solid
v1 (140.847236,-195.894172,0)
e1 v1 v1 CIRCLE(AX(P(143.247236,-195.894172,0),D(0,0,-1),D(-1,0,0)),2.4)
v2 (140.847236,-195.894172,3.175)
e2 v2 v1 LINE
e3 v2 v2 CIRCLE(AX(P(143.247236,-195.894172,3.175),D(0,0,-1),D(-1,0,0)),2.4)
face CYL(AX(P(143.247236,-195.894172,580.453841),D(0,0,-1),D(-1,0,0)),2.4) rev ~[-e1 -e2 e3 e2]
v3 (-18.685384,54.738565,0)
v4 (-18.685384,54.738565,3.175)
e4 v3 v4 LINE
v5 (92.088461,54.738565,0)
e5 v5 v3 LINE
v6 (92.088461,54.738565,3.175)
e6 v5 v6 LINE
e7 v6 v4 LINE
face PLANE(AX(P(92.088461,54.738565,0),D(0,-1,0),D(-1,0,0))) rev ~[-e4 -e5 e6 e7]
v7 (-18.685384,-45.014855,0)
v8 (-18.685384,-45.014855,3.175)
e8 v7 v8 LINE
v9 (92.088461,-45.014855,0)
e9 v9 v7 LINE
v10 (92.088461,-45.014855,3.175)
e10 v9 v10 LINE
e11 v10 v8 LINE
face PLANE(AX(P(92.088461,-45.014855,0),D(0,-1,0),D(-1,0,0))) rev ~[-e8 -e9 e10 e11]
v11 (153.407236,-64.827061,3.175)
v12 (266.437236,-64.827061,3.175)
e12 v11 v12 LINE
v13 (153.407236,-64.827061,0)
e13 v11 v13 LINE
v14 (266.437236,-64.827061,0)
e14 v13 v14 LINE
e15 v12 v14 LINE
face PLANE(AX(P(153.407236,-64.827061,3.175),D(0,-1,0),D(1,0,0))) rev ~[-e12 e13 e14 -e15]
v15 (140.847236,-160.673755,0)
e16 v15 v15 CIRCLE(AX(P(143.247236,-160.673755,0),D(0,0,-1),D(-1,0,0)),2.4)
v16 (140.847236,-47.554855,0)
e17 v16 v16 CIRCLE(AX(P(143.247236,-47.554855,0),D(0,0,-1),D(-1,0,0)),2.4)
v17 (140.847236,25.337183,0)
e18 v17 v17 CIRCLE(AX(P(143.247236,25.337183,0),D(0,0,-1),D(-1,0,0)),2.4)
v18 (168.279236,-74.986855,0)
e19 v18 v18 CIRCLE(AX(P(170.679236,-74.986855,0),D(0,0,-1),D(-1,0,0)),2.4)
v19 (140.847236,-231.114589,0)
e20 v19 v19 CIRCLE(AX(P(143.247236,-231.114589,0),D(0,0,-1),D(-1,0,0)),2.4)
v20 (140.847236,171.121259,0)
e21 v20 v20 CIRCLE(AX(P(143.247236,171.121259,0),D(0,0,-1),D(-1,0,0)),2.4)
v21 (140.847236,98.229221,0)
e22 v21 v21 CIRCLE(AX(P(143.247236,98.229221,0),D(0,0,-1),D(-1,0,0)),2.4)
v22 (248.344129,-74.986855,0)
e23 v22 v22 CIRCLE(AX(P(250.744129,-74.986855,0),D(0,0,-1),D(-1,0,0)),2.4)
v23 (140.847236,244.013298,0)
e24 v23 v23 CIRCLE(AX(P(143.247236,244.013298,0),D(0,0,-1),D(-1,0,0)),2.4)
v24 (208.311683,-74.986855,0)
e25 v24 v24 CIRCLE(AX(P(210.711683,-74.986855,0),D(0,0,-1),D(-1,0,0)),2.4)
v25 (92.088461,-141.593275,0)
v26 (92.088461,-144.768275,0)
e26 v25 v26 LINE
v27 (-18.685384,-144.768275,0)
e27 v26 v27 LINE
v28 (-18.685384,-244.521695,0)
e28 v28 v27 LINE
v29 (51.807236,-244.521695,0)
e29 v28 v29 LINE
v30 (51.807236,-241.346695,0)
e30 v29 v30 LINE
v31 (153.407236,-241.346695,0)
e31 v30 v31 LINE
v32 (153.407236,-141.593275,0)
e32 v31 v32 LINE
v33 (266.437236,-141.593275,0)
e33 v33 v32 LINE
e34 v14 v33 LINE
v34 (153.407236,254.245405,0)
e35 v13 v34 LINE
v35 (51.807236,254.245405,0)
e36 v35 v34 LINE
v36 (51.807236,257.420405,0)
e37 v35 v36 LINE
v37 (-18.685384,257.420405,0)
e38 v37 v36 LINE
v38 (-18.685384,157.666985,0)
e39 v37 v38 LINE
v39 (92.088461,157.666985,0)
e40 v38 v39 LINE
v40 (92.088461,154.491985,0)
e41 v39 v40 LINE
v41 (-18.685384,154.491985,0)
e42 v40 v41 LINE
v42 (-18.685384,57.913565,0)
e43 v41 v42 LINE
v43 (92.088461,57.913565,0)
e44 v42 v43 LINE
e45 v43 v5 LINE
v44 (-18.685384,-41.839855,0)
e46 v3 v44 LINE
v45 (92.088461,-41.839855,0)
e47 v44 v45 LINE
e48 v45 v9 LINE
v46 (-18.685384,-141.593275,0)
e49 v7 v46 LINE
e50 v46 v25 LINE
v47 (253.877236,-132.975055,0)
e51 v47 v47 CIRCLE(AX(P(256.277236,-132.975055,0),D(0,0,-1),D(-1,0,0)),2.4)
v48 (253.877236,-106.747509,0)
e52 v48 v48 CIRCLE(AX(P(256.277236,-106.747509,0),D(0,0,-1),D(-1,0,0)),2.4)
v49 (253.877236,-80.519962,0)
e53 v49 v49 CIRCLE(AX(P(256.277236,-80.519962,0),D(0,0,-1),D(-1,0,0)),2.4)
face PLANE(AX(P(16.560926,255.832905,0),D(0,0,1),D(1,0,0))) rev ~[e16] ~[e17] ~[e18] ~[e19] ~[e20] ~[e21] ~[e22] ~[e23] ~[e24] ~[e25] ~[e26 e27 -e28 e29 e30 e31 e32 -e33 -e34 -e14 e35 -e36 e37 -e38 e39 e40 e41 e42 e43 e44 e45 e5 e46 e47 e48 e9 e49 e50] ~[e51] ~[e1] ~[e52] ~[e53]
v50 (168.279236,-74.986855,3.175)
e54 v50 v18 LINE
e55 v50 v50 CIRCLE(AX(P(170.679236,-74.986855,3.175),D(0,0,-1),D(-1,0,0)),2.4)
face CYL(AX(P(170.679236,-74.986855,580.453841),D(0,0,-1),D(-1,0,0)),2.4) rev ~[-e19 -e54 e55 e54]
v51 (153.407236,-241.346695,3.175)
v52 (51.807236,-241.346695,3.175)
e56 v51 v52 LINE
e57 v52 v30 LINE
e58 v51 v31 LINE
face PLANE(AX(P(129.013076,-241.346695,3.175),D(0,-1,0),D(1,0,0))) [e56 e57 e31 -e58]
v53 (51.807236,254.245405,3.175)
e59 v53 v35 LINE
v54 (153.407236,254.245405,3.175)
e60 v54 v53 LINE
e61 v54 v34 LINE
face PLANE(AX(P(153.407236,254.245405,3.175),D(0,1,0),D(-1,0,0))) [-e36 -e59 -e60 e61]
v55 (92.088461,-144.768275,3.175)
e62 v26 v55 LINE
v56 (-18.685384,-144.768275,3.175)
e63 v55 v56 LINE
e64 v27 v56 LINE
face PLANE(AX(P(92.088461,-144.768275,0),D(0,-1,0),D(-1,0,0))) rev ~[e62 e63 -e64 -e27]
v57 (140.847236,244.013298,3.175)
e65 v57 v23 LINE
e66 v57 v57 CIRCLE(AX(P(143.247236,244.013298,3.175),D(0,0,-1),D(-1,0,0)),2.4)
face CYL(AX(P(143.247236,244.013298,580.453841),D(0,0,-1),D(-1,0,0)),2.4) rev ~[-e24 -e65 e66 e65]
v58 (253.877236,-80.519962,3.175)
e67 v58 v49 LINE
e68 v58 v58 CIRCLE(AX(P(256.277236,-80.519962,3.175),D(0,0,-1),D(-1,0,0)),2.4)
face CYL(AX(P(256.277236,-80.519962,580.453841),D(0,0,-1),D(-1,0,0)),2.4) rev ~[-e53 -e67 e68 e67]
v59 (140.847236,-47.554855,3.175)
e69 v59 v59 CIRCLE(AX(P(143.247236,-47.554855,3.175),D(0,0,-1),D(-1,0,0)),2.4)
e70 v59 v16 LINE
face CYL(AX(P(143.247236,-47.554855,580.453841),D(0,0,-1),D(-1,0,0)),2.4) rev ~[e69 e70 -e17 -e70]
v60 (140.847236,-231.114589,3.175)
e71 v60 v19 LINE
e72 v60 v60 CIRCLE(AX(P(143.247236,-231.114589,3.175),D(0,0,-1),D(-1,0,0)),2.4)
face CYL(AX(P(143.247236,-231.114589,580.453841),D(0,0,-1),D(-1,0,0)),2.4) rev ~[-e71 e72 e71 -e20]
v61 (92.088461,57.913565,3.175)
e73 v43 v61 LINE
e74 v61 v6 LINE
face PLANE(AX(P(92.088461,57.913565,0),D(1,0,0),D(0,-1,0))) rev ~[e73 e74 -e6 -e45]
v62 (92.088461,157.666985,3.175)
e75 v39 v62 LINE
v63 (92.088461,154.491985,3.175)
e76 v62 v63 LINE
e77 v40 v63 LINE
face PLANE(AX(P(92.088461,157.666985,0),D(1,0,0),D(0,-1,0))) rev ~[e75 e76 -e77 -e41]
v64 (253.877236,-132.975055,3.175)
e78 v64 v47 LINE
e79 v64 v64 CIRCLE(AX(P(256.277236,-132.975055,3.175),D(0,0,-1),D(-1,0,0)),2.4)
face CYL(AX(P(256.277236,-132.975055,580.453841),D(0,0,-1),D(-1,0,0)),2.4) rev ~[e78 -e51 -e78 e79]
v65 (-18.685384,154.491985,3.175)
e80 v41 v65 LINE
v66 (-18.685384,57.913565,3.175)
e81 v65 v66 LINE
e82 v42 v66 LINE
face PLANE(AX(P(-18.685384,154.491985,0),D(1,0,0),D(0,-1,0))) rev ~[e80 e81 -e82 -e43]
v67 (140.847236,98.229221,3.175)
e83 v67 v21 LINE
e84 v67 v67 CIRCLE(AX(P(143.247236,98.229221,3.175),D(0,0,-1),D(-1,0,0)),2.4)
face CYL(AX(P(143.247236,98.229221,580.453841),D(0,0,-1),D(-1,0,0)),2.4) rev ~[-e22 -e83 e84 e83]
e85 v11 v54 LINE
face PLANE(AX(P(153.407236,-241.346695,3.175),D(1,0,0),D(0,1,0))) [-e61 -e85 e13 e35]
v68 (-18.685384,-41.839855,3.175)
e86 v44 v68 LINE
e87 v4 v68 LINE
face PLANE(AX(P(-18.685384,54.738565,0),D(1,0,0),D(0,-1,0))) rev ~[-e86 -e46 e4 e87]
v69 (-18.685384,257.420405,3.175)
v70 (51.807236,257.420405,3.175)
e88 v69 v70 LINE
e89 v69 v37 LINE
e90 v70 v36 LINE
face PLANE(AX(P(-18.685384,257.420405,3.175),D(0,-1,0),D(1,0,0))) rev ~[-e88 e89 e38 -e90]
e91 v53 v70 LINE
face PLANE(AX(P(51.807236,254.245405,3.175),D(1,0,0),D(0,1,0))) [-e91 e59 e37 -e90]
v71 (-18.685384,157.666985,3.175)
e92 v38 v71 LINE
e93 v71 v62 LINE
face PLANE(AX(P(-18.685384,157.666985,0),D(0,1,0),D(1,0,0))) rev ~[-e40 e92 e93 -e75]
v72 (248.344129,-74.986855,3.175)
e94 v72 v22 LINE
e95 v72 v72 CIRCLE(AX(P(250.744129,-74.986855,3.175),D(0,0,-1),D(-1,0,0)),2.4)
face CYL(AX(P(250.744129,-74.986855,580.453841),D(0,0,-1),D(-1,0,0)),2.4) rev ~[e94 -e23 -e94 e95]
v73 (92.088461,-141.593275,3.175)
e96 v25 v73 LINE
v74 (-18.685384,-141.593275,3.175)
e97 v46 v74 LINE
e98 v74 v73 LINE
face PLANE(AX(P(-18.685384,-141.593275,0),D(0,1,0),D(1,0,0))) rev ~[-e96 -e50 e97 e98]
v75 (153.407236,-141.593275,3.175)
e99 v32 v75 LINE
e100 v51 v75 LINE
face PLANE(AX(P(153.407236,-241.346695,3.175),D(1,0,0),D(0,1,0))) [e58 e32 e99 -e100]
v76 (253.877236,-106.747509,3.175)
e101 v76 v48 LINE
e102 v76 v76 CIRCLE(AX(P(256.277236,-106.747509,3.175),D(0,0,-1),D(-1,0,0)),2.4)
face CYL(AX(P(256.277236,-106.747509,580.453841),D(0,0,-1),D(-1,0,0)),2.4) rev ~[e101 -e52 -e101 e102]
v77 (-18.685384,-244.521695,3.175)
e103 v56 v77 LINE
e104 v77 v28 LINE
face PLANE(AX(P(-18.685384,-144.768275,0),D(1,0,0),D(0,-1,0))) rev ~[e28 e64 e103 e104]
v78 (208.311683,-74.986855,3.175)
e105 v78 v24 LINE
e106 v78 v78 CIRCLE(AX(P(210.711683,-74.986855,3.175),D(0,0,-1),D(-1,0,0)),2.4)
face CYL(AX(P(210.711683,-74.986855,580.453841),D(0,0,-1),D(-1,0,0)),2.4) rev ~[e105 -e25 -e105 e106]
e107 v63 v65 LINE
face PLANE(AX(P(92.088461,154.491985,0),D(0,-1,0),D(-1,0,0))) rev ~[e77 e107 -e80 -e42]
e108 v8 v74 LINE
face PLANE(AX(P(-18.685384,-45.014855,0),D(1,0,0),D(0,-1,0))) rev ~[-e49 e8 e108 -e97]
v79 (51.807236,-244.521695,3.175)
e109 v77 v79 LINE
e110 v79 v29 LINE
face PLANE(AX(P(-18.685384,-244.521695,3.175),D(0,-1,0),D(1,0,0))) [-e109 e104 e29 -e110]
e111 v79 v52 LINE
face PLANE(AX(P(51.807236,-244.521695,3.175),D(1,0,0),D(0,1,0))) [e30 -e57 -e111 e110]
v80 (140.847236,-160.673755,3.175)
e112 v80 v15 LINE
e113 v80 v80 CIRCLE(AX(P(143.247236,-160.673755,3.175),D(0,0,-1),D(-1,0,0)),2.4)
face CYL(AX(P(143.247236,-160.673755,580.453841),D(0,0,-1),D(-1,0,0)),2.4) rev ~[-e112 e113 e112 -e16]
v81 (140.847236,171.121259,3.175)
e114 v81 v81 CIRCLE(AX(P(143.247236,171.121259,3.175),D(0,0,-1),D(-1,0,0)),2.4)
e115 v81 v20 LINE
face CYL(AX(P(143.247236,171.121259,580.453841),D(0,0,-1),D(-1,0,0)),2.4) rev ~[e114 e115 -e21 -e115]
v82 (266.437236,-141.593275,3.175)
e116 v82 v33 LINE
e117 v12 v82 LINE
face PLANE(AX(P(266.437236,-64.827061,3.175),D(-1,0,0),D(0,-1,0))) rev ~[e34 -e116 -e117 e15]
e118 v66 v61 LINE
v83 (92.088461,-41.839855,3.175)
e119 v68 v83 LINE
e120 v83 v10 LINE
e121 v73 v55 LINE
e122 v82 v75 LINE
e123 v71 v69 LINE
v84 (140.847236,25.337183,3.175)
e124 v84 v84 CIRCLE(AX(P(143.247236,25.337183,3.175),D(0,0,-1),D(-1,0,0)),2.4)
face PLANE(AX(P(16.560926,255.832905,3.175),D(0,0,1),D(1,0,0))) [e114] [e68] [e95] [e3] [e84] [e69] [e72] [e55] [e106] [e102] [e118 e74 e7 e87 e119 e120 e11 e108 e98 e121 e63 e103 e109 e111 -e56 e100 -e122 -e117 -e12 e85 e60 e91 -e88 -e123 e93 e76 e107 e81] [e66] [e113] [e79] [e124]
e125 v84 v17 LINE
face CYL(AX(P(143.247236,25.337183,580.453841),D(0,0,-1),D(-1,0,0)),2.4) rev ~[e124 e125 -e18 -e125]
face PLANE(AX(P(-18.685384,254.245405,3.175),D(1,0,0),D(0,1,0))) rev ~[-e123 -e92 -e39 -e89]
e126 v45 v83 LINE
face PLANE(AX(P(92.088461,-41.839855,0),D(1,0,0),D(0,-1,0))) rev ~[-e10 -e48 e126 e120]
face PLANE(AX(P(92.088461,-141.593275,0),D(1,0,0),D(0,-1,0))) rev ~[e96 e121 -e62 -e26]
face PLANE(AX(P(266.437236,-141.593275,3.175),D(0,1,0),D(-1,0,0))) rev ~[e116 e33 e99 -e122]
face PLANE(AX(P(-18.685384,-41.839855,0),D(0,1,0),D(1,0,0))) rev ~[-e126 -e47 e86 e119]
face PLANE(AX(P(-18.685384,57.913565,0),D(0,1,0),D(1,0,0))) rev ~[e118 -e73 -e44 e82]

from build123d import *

# Parameters (mm, degrees)
BOSS_EXTRUDE2_DEPTH  = 3.175
BOSS_EXTRUDE3_DEPTH  = 3.175
BOSS_EXTRUDE6_DEPTH  = 3.175
SKETCH8_W            = 70.49262
SKETCH8_H            = 3.175
BOSS_EXTRUDE7_DEPTH  = 3.175
M4_CLEARANCE_HOLE2_D = 4.8


with BuildPart() as part:
    # Sketch1 → Boss-Extrude2 (new body)
    with BuildSketch(Plane.XY):
        Polygon((129.013076168, 254.245404572), (-18.685383832, 254.245404572), (-18.685383832, 157.666984572), (92.088461168, 157.666984572), (92.088461168, 154.491984572), (-18.685383832, 154.491984572), (-18.685383832, 57.913564572), (92.088461168, 57.913564572), (92.088461168, 54.738564572), (-18.685383832, 54.738564572), (-18.685383832, -41.839855428), (92.088461168, -41.839855428), (92.088461168, -45.014855428), (-18.685383832, -45.014855428), (-18.685383832, -141.593275428), (92.088461168, -141.593275428), (92.088461168, -144.768275428), (-18.685383832, -144.768275428), (-18.685383832, -241.346695428), (129.013076168, -241.346695428), align=None)
    extrude(amount=BOSS_EXTRUDE2_DEPTH)

    # Sketch2 → Boss-Extrude3 (add, through all)
    with BuildSketch(Plane.XY.offset(3.175)):
        Polygon((129.013076168, 254.245404572), (129.013076168, -241.346695428), (153.407236168, -241.346695428), (153.407236168, -227.262720585), (153.407236168, -187.892720585), (153.407236168, -143.180775428), (153.407236168, 240.16142973), (153.407236168, 254.245404572), align=None)
    extrude(amount=-BOSS_EXTRUDE3_DEPTH)

    # Sketch7 → Boss-Extrude6 (add, through all)
    with BuildSketch(Plane.XY.offset(3.175)):
        Polygon((153.22938521, -141.593275428), (153.407236168, -64.827061449), (266.437236168, -64.827061449), (266.437236168, -141.593275428), align=None)
    extrude(amount=-BOSS_EXTRUDE6_DEPTH)

    # Sketch8 → Boss-Extrude7 (add, through all)
    with BuildSketch(Plane.XY.offset(3.175)):
        with Locations((16.560926168, 255.832904572)):
            Rectangle(SKETCH8_W, SKETCH8_H)
        with Locations((16.560926168, -242.934195428)):
            Rectangle(SKETCH8_W, SKETCH8_H)
    extrude(amount=-BOSS_EXTRUDE7_DEPTH)

    # M4 Clearance Hole2 (through all)
    with Locations(Plane.XY.offset(3.175)):
        with Locations((143.247236168, 244.013297791), (143.247236168, 171.121259486), (143.247236168, 98.229221182), (143.247236168, 25.337182877), (143.247236168, -47.554855428), (170.679236168, -74.986855428), (210.711682777, -74.986855428), (250.744129387, -74.986855428), (256.277236168, -80.519962209), (256.277236168, -106.747508818), (256.277236168, -132.975055428), (143.247236168, -160.673755428), (143.247236168, -195.894172037), (143.247236168, -231.114588646)):
            Hole(M4_CLEARANCE_HOLE2_D / 2)


solid = part.part
